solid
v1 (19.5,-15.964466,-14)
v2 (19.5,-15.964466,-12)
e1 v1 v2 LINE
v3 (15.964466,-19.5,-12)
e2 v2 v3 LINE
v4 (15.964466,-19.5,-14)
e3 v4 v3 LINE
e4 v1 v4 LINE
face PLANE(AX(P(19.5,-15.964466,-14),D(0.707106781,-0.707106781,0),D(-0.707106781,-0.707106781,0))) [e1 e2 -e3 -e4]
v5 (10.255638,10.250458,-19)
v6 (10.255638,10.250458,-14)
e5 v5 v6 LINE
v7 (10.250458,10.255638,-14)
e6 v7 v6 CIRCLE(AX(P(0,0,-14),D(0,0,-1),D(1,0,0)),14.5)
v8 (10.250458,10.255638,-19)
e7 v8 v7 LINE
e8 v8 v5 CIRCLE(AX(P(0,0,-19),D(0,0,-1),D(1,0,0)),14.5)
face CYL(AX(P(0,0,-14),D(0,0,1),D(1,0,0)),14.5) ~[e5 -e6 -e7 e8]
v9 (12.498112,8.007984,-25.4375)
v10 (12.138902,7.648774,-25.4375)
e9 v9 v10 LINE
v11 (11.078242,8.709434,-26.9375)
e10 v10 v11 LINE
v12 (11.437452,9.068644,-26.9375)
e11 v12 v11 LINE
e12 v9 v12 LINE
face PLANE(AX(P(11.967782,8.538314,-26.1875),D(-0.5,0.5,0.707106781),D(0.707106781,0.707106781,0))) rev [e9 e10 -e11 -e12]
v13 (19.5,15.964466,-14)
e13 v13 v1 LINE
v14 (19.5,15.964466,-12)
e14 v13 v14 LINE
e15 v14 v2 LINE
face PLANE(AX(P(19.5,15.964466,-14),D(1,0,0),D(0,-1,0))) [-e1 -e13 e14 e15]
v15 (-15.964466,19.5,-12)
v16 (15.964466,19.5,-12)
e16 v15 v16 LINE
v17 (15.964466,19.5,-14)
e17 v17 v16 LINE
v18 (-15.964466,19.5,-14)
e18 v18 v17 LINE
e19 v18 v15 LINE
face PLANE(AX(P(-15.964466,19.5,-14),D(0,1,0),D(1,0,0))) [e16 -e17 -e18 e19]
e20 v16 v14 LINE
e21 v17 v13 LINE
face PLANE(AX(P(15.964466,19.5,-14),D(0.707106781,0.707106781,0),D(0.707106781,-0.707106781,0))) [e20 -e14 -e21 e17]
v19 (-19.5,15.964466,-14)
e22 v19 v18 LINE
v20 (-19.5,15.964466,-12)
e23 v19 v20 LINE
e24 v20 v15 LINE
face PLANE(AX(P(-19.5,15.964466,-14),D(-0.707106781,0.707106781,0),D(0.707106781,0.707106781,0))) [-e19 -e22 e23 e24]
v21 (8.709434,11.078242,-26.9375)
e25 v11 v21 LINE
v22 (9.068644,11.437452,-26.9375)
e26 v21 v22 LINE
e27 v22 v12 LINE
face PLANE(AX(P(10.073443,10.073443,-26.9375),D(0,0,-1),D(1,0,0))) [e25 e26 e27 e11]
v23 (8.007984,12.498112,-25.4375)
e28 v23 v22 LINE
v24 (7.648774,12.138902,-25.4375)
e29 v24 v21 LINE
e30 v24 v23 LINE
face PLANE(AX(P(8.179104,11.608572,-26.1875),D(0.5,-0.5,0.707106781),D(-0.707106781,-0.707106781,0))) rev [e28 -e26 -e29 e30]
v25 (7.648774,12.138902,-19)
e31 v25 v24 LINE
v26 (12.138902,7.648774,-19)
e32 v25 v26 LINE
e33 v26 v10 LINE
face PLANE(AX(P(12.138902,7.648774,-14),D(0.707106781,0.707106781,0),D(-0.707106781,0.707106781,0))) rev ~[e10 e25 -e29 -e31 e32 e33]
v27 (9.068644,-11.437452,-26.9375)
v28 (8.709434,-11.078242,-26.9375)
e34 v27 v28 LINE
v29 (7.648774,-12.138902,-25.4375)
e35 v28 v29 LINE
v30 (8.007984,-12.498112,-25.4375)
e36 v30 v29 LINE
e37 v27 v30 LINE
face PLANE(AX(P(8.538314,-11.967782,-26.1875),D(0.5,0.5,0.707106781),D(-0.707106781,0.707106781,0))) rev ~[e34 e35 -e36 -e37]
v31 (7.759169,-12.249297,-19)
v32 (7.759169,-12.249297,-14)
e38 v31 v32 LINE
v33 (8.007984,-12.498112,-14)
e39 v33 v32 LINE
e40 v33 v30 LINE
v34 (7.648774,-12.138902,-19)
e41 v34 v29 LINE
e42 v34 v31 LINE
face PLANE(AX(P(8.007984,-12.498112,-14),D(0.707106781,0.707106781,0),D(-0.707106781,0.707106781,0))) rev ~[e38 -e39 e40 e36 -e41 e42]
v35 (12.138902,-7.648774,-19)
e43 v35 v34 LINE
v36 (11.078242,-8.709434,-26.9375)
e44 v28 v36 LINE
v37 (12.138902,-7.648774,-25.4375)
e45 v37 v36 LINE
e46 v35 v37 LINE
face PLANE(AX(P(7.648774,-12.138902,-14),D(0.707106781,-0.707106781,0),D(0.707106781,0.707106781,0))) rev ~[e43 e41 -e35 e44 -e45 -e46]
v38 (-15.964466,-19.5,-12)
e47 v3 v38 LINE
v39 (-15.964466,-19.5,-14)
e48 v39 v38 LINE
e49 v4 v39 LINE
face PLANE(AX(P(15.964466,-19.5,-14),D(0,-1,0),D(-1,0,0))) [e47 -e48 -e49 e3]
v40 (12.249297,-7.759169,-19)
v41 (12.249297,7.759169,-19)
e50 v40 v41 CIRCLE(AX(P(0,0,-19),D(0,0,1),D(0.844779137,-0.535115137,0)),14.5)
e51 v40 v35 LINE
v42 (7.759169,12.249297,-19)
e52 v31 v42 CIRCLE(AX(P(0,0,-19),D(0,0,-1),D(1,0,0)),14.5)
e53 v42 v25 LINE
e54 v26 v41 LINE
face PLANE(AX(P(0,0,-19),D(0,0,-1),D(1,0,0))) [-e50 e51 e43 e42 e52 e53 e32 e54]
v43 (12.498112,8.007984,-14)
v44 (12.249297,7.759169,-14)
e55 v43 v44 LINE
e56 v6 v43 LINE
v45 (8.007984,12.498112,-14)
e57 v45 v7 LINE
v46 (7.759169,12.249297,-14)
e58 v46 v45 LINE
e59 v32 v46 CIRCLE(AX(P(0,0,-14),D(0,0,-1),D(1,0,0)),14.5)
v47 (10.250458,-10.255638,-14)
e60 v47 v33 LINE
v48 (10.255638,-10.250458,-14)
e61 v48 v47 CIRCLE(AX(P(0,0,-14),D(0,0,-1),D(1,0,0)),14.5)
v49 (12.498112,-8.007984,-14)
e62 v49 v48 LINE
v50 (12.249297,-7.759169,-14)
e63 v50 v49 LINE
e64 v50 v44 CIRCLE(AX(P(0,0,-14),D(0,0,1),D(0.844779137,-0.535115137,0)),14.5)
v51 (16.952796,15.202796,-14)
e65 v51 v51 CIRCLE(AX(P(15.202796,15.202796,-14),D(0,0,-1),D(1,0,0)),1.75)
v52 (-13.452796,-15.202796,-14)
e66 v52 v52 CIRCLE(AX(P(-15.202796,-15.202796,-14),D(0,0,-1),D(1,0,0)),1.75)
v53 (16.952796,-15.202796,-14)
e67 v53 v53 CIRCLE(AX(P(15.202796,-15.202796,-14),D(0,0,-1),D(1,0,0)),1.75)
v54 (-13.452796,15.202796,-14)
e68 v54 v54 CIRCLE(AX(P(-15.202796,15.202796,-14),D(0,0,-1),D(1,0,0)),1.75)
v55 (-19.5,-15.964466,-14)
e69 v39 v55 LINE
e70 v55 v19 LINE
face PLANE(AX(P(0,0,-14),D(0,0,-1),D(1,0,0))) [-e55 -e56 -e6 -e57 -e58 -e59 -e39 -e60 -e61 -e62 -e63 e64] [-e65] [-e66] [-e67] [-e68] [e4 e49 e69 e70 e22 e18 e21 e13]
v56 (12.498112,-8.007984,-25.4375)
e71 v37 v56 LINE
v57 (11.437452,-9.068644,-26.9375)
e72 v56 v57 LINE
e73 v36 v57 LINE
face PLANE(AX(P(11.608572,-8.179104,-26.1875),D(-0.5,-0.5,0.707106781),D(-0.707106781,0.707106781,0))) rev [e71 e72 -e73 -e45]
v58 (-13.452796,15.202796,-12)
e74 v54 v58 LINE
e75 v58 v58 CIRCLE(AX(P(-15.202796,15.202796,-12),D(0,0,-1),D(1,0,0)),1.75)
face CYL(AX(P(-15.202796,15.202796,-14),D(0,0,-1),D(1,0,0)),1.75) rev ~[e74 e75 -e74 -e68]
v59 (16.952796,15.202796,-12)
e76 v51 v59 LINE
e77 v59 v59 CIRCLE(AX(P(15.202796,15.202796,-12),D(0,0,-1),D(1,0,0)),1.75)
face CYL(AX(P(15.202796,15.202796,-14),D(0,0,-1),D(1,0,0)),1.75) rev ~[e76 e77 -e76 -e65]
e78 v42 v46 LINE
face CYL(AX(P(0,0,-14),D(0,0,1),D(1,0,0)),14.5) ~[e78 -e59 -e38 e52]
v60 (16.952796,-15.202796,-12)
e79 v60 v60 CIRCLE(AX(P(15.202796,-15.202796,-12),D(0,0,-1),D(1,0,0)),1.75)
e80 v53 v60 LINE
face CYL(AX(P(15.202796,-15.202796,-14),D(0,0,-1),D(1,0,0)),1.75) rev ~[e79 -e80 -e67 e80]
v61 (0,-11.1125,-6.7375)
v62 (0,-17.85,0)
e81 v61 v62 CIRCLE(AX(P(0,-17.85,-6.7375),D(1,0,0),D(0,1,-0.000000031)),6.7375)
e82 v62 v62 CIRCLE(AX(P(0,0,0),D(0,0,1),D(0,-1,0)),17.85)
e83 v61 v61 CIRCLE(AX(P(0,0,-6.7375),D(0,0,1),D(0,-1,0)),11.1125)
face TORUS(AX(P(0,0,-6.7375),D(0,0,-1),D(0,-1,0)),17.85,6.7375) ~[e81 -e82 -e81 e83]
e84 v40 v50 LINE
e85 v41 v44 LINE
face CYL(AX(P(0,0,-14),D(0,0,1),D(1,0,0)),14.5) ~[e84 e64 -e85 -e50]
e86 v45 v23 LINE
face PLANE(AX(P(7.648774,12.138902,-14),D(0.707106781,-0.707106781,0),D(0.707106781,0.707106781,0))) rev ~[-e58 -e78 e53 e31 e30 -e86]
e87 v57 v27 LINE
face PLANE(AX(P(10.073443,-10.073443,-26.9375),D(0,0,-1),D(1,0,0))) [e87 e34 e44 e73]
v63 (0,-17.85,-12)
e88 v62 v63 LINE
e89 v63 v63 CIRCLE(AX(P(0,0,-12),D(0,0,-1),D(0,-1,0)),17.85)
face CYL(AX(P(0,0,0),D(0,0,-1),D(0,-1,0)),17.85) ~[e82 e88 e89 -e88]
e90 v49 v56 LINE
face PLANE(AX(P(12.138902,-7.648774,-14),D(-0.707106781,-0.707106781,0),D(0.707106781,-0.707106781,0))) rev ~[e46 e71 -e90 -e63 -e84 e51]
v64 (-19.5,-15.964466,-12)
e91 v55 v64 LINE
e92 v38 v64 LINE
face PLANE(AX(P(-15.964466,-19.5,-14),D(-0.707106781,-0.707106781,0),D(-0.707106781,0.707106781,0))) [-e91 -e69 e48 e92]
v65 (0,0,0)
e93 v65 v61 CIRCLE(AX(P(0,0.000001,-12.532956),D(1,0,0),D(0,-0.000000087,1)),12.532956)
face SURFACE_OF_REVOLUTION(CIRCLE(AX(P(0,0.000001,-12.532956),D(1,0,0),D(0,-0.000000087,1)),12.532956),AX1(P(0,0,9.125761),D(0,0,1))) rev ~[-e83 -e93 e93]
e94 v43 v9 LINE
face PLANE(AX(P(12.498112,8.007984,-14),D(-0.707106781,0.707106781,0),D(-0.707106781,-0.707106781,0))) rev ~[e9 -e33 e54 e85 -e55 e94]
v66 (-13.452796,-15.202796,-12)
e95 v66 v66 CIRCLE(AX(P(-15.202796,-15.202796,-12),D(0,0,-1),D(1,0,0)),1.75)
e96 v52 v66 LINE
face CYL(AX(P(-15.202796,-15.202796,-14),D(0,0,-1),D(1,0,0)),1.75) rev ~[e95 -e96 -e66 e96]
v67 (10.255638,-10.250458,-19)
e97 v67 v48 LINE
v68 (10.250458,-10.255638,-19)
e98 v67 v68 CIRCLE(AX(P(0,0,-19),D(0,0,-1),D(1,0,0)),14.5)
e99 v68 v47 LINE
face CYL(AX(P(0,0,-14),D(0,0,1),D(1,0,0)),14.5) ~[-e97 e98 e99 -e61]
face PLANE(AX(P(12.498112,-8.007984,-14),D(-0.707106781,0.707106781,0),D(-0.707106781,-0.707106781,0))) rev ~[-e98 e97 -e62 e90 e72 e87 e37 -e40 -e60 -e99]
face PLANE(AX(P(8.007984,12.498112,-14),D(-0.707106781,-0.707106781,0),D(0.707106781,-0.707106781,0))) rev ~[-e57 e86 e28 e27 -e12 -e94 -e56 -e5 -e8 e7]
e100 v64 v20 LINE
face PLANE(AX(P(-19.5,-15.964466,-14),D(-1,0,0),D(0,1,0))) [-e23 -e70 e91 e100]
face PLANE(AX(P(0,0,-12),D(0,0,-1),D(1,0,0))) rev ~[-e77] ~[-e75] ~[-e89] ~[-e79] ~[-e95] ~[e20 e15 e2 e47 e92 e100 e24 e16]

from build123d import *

# Parameters (mm, degrees)
F2_R     = 1.75
F3_DEPTH = 2
F4_R     = 14.5
F5_DEPTH = 5
F7_DEPTH = 12.9375
F8_SIZE  = 1.5


with BuildPart() as f1:
    # F0 (on Right) → F1 (revolve)
    with BuildSketch(Plane.YZ):
        with BuildLine():
            ThreePointArc((-11.1125, -6.7375), (-13.085868, -1.973368), (-17.85, 0))
            Line((-17.85, 0), (-17.85, -14))
            Line((-17.85, -14), (0, -14))
            Line((0, -14), (0, 0))
            ThreePointArc((0, 0), (-6.497722, -1.815933), (-11.1125, -6.7375))
        make_face()
    revolve(axis=Axis((0, 0, 9.125761), (0, 0, 1)))

    # F2 (on face) → F3 (join)
    with BuildSketch(Plane(origin=(0, 0, -14), x_dir=(1, 0, 0), z_dir=(0, 0, -1))):
        Polygon((-15.964466, -19.5), (0, -19.5), (15.964466, -19.5), (19.5, -15.964466), (19.5, 0), (19.5, 15.964466), (15.964466, 19.5), (0, 19.5), (-15.964466, 19.5), (-19.5, 15.964466), (-19.5, 0), (-19.5, -15.964466), align=None)
        with Locations((-15.202796, -15.202796)):
            Circle(F2_R, mode=Mode.SUBTRACT)
        with Locations((15.202796, -15.202796)):
            Circle(F2_R, mode=Mode.SUBTRACT)
        with Locations((-15.202796, 15.202796)):
            Circle(F2_R, mode=Mode.SUBTRACT)
        with Locations((15.202796, 15.202796)):
            Circle(F2_R, mode=Mode.SUBTRACT)
    extrude(amount=-F3_DEPTH)

    # F4 (on face) → F5 (join)
    with BuildSketch(Plane(origin=(0, 0, -14), x_dir=(1, 0, 0), z_dir=(0, 0, -1))):
        Circle(F4_R)
    extrude(amount=F5_DEPTH)

    # F6 (on face) → F7 (join)
    with BuildSketch(Plane(origin=(0, 0, -14), x_dir=(1, 0, 0), z_dir=(0, 0, -1))):
        Polygon((12.498112, 8.007984), (8.007984, 12.498112), (7.648774, 12.138902), (12.138902, 7.648774), align=None)
        Polygon((12.498112, -8.007984), (12.138902, -7.648774), (7.648774, -12.138902), (8.007984, -12.498112), align=None)
    extrude(amount=F7_DEPTH)

    # F8
    f8_edges = [f1.edges().sort_by_distance(p)[0] for p in [
        (12.318507, 7.828379, -26.9375),
        (7.828379, 12.318507, -26.9375),
        (7.828379, -12.318507, -26.9375),
        (12.318507, -7.828379, -26.9375),
    ]]
    chamfer(f8_edges, length=F8_SIZE)


solid = f1.part
